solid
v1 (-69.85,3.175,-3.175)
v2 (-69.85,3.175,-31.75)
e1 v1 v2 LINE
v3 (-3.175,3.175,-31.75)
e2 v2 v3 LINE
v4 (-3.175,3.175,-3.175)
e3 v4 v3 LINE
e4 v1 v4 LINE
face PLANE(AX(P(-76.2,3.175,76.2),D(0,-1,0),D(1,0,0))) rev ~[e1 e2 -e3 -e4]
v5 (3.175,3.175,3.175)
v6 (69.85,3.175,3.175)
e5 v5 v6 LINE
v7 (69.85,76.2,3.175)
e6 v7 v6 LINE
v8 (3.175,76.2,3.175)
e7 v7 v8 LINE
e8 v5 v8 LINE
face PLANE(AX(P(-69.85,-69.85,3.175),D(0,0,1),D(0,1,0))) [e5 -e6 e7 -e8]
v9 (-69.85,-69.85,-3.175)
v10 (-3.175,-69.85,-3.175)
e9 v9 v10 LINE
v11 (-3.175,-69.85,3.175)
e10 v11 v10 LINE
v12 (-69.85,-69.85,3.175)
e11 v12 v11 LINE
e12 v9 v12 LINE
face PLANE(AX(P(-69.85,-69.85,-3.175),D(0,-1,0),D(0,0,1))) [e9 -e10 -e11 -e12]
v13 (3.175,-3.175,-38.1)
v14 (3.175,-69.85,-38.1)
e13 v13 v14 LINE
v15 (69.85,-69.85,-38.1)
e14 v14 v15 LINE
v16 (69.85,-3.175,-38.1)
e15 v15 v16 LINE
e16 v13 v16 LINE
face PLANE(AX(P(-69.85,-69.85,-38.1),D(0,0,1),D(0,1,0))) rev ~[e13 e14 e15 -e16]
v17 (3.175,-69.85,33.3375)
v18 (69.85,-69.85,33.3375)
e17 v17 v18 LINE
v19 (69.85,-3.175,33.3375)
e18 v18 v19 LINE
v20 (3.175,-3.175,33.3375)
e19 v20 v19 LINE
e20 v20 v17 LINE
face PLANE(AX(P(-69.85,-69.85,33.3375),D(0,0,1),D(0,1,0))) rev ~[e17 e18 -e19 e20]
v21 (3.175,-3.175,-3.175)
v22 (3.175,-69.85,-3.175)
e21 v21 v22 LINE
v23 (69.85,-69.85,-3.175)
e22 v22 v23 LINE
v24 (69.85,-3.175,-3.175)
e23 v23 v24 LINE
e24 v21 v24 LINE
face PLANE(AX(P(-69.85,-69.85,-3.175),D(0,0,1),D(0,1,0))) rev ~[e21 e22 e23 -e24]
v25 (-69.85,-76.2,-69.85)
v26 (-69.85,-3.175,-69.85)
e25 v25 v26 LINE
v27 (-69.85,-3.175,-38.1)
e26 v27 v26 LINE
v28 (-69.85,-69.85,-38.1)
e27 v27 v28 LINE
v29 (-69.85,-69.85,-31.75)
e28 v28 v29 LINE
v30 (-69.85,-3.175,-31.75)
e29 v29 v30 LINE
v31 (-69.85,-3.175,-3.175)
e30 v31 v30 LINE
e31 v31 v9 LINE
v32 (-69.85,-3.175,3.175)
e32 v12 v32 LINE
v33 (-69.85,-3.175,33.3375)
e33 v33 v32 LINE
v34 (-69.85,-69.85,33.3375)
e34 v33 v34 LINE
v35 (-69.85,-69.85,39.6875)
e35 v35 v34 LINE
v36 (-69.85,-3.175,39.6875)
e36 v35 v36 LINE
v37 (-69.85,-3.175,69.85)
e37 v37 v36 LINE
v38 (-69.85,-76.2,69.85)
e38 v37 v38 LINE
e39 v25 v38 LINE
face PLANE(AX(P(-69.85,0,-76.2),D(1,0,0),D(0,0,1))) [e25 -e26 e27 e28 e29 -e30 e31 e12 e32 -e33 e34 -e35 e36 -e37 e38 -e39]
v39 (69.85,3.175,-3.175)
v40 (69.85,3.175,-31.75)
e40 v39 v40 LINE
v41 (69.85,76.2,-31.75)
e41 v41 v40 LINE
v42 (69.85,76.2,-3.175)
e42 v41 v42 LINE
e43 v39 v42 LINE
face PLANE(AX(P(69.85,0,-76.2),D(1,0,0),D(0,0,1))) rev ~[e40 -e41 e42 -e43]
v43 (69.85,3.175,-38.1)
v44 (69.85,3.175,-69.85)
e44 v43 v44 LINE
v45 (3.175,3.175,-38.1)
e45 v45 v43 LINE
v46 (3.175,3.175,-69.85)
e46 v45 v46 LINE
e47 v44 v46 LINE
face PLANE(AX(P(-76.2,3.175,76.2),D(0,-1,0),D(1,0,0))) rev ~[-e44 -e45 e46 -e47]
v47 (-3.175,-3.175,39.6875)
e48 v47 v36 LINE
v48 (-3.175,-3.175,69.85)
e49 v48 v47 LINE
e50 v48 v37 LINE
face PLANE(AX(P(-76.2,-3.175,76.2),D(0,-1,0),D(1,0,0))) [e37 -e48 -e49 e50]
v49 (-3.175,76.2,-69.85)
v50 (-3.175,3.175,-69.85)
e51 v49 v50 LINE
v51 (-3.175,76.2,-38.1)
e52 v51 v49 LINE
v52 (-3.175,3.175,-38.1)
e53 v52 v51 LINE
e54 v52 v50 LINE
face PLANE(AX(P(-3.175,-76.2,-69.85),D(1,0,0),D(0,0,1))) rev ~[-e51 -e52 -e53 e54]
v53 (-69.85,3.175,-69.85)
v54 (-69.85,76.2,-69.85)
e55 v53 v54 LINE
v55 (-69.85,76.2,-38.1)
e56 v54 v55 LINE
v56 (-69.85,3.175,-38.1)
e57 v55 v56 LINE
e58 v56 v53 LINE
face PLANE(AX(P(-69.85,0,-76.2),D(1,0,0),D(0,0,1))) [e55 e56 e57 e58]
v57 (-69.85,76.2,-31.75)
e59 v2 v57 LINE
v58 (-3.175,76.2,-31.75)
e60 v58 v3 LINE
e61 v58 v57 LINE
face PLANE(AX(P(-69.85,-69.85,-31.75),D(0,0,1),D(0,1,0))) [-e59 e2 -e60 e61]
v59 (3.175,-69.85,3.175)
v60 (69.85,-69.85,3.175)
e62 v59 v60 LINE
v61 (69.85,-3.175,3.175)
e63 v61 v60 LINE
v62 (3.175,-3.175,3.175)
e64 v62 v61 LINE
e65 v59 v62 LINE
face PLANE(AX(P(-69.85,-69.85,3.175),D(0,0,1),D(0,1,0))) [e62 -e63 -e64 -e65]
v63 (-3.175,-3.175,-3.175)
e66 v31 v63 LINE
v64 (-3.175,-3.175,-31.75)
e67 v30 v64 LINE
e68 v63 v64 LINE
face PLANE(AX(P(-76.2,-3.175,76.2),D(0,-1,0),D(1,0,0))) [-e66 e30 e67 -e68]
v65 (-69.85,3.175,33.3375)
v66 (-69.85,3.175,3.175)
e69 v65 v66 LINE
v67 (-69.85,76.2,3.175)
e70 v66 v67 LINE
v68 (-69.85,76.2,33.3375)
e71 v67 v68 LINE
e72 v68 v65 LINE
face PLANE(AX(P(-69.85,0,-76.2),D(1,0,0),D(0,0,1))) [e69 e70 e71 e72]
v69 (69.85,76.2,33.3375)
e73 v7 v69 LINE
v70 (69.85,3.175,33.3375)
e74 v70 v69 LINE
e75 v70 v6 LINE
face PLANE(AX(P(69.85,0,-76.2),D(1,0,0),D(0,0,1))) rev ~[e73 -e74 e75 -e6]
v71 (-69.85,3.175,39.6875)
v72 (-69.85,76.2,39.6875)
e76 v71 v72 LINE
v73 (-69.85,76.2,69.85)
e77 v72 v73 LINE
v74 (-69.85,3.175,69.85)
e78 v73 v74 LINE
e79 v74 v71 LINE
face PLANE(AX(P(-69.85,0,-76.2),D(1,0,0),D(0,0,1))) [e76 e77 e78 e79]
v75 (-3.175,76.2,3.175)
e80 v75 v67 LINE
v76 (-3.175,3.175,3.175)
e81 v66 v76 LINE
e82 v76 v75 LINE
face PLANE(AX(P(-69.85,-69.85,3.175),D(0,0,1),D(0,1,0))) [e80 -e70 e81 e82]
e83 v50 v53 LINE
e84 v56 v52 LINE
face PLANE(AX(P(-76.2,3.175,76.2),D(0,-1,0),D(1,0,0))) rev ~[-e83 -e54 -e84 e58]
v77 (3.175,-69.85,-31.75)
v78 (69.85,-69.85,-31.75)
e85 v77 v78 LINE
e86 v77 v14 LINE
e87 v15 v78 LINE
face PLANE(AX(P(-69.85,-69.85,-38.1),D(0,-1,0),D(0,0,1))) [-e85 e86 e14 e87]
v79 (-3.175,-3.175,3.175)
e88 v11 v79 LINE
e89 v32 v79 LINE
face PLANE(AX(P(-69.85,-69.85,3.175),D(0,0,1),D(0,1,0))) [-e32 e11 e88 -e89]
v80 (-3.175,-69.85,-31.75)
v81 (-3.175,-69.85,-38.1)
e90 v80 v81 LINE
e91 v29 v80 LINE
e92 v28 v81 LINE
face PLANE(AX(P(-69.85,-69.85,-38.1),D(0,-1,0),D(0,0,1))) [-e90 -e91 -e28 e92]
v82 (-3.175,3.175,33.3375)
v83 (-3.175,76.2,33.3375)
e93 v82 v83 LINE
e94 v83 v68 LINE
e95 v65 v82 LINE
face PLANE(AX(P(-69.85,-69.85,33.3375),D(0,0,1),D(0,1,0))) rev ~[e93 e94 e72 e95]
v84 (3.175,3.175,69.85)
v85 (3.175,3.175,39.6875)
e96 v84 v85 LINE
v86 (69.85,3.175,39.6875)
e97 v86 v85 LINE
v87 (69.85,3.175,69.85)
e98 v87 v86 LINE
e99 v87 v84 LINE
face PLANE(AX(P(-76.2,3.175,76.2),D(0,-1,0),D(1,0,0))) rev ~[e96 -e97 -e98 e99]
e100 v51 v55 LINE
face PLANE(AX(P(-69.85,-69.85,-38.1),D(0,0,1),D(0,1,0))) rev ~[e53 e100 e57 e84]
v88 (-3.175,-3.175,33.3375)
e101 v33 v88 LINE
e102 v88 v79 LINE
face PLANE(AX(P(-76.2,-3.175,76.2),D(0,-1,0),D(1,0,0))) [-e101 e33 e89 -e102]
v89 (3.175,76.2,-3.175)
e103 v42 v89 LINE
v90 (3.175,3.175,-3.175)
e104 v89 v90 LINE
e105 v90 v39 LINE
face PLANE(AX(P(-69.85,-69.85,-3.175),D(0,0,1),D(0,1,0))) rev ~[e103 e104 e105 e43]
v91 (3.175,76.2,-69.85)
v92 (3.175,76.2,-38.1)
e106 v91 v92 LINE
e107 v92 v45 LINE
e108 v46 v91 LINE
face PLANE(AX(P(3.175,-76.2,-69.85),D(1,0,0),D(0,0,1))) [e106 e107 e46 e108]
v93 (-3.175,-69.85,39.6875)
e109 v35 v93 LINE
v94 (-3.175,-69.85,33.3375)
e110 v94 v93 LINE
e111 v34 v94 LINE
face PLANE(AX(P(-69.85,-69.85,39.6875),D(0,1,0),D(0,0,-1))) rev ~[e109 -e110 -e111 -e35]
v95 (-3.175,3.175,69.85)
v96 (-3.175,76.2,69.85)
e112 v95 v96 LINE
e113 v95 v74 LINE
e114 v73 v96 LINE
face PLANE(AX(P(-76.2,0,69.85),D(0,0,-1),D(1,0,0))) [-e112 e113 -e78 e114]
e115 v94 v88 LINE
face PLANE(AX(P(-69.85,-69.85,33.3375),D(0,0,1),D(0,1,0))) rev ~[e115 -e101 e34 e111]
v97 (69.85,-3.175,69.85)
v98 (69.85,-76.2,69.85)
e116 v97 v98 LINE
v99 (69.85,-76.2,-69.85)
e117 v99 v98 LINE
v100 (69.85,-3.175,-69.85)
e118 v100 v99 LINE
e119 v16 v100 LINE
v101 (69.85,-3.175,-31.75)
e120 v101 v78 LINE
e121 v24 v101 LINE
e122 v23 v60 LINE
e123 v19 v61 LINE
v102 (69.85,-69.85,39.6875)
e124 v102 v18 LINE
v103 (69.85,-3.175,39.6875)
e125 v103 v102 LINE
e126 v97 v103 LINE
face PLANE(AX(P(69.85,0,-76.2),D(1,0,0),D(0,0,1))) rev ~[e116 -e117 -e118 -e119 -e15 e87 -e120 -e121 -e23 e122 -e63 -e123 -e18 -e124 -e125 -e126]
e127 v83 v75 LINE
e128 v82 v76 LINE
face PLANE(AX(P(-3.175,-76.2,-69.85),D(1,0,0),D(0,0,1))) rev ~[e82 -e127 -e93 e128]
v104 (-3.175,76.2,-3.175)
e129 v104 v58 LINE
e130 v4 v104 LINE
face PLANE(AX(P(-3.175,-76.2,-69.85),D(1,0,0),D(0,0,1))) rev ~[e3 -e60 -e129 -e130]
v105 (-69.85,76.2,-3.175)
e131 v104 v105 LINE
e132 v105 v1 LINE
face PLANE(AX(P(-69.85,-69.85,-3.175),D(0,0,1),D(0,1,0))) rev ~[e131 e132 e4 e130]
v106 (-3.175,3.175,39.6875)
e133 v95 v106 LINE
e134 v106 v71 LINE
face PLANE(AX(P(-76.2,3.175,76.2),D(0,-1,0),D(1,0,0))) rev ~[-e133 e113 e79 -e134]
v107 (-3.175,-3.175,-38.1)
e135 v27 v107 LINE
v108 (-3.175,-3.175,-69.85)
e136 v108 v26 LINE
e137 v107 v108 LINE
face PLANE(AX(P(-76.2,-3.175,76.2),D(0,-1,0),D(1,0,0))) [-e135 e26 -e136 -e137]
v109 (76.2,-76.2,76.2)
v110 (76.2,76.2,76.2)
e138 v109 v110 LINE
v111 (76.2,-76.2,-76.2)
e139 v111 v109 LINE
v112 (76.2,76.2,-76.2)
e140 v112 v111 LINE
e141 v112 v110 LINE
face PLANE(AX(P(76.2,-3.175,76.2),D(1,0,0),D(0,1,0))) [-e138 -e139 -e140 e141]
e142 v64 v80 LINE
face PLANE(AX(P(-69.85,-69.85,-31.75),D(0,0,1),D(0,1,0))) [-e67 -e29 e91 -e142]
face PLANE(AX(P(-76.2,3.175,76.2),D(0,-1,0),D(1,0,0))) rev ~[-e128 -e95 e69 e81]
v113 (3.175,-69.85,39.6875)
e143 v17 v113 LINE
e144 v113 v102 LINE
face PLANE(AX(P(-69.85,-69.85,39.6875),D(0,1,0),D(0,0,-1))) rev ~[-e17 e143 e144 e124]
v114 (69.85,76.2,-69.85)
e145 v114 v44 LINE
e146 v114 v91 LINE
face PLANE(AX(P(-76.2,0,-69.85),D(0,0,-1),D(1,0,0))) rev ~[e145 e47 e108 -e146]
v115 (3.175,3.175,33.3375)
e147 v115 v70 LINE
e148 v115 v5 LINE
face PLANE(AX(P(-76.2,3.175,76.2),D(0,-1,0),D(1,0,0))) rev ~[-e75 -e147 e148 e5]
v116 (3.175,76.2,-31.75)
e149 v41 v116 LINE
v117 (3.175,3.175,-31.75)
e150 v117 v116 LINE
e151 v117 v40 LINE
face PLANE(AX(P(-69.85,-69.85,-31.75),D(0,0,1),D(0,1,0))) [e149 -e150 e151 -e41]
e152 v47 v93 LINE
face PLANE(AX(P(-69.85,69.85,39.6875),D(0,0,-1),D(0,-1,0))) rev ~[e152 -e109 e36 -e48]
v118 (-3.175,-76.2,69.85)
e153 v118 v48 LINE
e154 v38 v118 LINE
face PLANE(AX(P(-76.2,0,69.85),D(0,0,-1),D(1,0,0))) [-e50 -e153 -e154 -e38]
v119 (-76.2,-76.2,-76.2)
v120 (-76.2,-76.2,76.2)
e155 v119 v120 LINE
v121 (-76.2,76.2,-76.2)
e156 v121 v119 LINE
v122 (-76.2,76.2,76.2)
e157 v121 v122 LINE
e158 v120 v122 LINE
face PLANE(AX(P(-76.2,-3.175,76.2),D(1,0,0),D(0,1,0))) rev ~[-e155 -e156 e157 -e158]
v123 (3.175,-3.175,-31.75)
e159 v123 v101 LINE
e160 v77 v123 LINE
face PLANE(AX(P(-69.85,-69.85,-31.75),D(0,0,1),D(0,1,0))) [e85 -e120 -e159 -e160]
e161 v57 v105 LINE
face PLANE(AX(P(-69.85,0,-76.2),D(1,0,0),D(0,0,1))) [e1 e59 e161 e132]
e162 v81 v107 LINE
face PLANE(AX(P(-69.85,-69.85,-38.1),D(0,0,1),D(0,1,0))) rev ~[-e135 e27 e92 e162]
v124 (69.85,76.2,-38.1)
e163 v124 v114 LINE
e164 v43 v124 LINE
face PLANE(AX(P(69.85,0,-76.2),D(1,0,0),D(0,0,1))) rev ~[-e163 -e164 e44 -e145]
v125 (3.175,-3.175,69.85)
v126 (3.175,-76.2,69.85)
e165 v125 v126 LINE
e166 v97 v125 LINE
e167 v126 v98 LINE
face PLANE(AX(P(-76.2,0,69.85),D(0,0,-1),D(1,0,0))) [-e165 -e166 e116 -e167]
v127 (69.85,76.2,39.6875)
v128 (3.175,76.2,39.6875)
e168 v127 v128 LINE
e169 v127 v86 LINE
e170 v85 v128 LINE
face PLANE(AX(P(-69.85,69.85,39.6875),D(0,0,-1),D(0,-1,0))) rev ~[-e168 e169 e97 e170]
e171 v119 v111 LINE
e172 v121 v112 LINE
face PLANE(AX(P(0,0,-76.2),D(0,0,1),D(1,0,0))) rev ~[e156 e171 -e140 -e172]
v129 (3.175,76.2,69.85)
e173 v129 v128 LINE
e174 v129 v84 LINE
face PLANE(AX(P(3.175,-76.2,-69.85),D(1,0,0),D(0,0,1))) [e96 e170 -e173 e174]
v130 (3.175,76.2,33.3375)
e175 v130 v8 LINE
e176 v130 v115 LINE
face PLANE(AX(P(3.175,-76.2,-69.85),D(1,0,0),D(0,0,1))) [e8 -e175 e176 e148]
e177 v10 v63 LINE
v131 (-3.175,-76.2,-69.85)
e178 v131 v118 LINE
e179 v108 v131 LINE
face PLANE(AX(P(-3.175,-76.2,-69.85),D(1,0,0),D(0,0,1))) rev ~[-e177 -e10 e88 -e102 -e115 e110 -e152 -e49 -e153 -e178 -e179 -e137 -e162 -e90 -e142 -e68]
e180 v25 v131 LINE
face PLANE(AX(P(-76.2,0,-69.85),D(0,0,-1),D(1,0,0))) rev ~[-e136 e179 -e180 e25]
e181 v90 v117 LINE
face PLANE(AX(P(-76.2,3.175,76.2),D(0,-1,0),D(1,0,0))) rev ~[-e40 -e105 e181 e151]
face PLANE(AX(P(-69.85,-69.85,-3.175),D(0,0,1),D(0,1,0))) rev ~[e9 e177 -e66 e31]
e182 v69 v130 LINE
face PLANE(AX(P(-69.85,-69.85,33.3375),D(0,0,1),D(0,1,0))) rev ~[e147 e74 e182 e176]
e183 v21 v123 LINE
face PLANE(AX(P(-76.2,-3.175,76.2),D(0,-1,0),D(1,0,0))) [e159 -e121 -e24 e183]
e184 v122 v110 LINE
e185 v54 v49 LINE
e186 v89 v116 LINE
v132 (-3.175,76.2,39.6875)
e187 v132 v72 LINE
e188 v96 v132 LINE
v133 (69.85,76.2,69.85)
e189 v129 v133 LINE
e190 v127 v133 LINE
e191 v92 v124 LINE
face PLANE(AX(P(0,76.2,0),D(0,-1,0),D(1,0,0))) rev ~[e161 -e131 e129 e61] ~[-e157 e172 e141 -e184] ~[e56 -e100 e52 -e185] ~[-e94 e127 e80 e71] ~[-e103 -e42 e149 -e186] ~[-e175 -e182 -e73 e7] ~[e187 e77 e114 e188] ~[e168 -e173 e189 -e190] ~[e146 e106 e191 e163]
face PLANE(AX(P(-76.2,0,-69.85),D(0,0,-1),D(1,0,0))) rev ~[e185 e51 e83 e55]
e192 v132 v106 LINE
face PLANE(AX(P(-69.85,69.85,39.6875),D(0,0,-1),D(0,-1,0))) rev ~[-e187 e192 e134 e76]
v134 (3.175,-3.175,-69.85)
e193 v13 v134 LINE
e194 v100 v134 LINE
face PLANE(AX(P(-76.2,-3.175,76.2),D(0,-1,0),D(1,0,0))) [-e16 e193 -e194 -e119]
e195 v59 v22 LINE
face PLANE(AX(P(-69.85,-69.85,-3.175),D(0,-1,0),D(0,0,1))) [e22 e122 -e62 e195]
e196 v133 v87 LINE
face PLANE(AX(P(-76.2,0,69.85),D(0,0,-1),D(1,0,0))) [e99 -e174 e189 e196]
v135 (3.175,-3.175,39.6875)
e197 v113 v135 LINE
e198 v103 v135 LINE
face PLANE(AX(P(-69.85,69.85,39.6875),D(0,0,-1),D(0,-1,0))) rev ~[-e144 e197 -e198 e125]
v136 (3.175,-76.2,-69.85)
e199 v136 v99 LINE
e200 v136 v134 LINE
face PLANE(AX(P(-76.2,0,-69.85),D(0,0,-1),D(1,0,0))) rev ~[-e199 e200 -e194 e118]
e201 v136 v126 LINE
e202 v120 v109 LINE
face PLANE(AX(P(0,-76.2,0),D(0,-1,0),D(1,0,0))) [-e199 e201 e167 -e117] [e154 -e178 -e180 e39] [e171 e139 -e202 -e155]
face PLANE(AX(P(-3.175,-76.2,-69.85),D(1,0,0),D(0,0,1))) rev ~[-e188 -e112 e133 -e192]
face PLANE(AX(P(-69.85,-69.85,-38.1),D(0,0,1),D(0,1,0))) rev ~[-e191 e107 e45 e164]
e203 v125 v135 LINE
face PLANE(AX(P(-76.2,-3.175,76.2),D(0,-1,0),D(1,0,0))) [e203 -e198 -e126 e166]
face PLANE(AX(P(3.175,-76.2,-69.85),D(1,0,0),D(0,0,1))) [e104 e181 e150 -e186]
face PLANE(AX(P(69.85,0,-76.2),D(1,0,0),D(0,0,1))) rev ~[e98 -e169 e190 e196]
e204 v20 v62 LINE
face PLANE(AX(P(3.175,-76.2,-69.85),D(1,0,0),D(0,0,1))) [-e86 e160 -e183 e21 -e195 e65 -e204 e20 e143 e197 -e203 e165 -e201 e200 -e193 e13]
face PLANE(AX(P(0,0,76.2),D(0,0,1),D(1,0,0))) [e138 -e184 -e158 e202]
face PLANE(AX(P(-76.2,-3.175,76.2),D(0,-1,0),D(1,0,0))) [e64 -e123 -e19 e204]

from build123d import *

# Parameters (mm, degrees)
F0_W     = 152.4
F0_H     = 152.4
F1_DEPTH = 76.2
F2_T     = -6.35
F3_W     = 6.35
F3_H     = 139.7
F4_DEPTH = 152.4
F5_W     = 139.7
F5_H     = 6.35
F6_DEPTH = 139.7
F7_DEPTH = 63.5
F8_W     = 152.4
F8_H     = 6.35
F9_DEPTH = 152.4


with BuildPart() as f1:
    # F0 (on Front) → F1 (new body, symmetric)
    with BuildSketch(Plane.XZ):
        Rectangle(F0_W, F0_H)
    extrude(amount=F1_DEPTH, both=True)

    # F2
    f2_openings = [f1.faces().sort_by_distance(p)[0] for p in [
        (0, -76.2, 0),
    ]]
    offset(amount=F2_T, openings=f2_openings)

    # F3 (on face) → F4 (join)
    with BuildSketch(Plane.XZ.offset(76.2)):
        Rectangle(F3_W, F3_H)
    extrude(amount=-F4_DEPTH)

    # F5 (on face) → F6 (join)
    with BuildSketch(Plane.YZ.offset(-69.85)):
        Rectangle(F5_W, F5_H)
        Polygon((-69.85, 33.3375), (69.85, 33.3375), (69.85, 36.5125), (69.85, 39.6875), (-69.85, 39.6875), (-69.85, 36.5125), align=None)
        with Locations((0, -34.925)):
            Rectangle(F5_W, F5_H)
    extrude(amount=F6_DEPTH)

    # F7 (cut, symmetric): faces of the model
    f7_faces = [f1.faces().sort_by_distance(p)[0] for p in [
        (-36.5125, 69.85, -53.975),
        (-36.5125, 69.85, -17.4625),
        (-36.5125, 69.85, 18.25625),
        (-36.5125, 69.85, 54.76875),
        (36.5125, 69.85, 54.76875),
        (36.5125, 69.85, 18.25625),
        (36.5125, 69.85, -17.4625),
        (36.5125, 69.85, -53.975),
    ]]
    extrude(f7_faces, amount=F7_DEPTH, both=True, mode=Mode.SUBTRACT)

    # F8 (on face) → F9 (join)
    with BuildSketch(Plane.XY.offset(76.2)):
        Rectangle(F8_W, F8_H)
    extrude(amount=-F9_DEPTH)


solid = f1.part
